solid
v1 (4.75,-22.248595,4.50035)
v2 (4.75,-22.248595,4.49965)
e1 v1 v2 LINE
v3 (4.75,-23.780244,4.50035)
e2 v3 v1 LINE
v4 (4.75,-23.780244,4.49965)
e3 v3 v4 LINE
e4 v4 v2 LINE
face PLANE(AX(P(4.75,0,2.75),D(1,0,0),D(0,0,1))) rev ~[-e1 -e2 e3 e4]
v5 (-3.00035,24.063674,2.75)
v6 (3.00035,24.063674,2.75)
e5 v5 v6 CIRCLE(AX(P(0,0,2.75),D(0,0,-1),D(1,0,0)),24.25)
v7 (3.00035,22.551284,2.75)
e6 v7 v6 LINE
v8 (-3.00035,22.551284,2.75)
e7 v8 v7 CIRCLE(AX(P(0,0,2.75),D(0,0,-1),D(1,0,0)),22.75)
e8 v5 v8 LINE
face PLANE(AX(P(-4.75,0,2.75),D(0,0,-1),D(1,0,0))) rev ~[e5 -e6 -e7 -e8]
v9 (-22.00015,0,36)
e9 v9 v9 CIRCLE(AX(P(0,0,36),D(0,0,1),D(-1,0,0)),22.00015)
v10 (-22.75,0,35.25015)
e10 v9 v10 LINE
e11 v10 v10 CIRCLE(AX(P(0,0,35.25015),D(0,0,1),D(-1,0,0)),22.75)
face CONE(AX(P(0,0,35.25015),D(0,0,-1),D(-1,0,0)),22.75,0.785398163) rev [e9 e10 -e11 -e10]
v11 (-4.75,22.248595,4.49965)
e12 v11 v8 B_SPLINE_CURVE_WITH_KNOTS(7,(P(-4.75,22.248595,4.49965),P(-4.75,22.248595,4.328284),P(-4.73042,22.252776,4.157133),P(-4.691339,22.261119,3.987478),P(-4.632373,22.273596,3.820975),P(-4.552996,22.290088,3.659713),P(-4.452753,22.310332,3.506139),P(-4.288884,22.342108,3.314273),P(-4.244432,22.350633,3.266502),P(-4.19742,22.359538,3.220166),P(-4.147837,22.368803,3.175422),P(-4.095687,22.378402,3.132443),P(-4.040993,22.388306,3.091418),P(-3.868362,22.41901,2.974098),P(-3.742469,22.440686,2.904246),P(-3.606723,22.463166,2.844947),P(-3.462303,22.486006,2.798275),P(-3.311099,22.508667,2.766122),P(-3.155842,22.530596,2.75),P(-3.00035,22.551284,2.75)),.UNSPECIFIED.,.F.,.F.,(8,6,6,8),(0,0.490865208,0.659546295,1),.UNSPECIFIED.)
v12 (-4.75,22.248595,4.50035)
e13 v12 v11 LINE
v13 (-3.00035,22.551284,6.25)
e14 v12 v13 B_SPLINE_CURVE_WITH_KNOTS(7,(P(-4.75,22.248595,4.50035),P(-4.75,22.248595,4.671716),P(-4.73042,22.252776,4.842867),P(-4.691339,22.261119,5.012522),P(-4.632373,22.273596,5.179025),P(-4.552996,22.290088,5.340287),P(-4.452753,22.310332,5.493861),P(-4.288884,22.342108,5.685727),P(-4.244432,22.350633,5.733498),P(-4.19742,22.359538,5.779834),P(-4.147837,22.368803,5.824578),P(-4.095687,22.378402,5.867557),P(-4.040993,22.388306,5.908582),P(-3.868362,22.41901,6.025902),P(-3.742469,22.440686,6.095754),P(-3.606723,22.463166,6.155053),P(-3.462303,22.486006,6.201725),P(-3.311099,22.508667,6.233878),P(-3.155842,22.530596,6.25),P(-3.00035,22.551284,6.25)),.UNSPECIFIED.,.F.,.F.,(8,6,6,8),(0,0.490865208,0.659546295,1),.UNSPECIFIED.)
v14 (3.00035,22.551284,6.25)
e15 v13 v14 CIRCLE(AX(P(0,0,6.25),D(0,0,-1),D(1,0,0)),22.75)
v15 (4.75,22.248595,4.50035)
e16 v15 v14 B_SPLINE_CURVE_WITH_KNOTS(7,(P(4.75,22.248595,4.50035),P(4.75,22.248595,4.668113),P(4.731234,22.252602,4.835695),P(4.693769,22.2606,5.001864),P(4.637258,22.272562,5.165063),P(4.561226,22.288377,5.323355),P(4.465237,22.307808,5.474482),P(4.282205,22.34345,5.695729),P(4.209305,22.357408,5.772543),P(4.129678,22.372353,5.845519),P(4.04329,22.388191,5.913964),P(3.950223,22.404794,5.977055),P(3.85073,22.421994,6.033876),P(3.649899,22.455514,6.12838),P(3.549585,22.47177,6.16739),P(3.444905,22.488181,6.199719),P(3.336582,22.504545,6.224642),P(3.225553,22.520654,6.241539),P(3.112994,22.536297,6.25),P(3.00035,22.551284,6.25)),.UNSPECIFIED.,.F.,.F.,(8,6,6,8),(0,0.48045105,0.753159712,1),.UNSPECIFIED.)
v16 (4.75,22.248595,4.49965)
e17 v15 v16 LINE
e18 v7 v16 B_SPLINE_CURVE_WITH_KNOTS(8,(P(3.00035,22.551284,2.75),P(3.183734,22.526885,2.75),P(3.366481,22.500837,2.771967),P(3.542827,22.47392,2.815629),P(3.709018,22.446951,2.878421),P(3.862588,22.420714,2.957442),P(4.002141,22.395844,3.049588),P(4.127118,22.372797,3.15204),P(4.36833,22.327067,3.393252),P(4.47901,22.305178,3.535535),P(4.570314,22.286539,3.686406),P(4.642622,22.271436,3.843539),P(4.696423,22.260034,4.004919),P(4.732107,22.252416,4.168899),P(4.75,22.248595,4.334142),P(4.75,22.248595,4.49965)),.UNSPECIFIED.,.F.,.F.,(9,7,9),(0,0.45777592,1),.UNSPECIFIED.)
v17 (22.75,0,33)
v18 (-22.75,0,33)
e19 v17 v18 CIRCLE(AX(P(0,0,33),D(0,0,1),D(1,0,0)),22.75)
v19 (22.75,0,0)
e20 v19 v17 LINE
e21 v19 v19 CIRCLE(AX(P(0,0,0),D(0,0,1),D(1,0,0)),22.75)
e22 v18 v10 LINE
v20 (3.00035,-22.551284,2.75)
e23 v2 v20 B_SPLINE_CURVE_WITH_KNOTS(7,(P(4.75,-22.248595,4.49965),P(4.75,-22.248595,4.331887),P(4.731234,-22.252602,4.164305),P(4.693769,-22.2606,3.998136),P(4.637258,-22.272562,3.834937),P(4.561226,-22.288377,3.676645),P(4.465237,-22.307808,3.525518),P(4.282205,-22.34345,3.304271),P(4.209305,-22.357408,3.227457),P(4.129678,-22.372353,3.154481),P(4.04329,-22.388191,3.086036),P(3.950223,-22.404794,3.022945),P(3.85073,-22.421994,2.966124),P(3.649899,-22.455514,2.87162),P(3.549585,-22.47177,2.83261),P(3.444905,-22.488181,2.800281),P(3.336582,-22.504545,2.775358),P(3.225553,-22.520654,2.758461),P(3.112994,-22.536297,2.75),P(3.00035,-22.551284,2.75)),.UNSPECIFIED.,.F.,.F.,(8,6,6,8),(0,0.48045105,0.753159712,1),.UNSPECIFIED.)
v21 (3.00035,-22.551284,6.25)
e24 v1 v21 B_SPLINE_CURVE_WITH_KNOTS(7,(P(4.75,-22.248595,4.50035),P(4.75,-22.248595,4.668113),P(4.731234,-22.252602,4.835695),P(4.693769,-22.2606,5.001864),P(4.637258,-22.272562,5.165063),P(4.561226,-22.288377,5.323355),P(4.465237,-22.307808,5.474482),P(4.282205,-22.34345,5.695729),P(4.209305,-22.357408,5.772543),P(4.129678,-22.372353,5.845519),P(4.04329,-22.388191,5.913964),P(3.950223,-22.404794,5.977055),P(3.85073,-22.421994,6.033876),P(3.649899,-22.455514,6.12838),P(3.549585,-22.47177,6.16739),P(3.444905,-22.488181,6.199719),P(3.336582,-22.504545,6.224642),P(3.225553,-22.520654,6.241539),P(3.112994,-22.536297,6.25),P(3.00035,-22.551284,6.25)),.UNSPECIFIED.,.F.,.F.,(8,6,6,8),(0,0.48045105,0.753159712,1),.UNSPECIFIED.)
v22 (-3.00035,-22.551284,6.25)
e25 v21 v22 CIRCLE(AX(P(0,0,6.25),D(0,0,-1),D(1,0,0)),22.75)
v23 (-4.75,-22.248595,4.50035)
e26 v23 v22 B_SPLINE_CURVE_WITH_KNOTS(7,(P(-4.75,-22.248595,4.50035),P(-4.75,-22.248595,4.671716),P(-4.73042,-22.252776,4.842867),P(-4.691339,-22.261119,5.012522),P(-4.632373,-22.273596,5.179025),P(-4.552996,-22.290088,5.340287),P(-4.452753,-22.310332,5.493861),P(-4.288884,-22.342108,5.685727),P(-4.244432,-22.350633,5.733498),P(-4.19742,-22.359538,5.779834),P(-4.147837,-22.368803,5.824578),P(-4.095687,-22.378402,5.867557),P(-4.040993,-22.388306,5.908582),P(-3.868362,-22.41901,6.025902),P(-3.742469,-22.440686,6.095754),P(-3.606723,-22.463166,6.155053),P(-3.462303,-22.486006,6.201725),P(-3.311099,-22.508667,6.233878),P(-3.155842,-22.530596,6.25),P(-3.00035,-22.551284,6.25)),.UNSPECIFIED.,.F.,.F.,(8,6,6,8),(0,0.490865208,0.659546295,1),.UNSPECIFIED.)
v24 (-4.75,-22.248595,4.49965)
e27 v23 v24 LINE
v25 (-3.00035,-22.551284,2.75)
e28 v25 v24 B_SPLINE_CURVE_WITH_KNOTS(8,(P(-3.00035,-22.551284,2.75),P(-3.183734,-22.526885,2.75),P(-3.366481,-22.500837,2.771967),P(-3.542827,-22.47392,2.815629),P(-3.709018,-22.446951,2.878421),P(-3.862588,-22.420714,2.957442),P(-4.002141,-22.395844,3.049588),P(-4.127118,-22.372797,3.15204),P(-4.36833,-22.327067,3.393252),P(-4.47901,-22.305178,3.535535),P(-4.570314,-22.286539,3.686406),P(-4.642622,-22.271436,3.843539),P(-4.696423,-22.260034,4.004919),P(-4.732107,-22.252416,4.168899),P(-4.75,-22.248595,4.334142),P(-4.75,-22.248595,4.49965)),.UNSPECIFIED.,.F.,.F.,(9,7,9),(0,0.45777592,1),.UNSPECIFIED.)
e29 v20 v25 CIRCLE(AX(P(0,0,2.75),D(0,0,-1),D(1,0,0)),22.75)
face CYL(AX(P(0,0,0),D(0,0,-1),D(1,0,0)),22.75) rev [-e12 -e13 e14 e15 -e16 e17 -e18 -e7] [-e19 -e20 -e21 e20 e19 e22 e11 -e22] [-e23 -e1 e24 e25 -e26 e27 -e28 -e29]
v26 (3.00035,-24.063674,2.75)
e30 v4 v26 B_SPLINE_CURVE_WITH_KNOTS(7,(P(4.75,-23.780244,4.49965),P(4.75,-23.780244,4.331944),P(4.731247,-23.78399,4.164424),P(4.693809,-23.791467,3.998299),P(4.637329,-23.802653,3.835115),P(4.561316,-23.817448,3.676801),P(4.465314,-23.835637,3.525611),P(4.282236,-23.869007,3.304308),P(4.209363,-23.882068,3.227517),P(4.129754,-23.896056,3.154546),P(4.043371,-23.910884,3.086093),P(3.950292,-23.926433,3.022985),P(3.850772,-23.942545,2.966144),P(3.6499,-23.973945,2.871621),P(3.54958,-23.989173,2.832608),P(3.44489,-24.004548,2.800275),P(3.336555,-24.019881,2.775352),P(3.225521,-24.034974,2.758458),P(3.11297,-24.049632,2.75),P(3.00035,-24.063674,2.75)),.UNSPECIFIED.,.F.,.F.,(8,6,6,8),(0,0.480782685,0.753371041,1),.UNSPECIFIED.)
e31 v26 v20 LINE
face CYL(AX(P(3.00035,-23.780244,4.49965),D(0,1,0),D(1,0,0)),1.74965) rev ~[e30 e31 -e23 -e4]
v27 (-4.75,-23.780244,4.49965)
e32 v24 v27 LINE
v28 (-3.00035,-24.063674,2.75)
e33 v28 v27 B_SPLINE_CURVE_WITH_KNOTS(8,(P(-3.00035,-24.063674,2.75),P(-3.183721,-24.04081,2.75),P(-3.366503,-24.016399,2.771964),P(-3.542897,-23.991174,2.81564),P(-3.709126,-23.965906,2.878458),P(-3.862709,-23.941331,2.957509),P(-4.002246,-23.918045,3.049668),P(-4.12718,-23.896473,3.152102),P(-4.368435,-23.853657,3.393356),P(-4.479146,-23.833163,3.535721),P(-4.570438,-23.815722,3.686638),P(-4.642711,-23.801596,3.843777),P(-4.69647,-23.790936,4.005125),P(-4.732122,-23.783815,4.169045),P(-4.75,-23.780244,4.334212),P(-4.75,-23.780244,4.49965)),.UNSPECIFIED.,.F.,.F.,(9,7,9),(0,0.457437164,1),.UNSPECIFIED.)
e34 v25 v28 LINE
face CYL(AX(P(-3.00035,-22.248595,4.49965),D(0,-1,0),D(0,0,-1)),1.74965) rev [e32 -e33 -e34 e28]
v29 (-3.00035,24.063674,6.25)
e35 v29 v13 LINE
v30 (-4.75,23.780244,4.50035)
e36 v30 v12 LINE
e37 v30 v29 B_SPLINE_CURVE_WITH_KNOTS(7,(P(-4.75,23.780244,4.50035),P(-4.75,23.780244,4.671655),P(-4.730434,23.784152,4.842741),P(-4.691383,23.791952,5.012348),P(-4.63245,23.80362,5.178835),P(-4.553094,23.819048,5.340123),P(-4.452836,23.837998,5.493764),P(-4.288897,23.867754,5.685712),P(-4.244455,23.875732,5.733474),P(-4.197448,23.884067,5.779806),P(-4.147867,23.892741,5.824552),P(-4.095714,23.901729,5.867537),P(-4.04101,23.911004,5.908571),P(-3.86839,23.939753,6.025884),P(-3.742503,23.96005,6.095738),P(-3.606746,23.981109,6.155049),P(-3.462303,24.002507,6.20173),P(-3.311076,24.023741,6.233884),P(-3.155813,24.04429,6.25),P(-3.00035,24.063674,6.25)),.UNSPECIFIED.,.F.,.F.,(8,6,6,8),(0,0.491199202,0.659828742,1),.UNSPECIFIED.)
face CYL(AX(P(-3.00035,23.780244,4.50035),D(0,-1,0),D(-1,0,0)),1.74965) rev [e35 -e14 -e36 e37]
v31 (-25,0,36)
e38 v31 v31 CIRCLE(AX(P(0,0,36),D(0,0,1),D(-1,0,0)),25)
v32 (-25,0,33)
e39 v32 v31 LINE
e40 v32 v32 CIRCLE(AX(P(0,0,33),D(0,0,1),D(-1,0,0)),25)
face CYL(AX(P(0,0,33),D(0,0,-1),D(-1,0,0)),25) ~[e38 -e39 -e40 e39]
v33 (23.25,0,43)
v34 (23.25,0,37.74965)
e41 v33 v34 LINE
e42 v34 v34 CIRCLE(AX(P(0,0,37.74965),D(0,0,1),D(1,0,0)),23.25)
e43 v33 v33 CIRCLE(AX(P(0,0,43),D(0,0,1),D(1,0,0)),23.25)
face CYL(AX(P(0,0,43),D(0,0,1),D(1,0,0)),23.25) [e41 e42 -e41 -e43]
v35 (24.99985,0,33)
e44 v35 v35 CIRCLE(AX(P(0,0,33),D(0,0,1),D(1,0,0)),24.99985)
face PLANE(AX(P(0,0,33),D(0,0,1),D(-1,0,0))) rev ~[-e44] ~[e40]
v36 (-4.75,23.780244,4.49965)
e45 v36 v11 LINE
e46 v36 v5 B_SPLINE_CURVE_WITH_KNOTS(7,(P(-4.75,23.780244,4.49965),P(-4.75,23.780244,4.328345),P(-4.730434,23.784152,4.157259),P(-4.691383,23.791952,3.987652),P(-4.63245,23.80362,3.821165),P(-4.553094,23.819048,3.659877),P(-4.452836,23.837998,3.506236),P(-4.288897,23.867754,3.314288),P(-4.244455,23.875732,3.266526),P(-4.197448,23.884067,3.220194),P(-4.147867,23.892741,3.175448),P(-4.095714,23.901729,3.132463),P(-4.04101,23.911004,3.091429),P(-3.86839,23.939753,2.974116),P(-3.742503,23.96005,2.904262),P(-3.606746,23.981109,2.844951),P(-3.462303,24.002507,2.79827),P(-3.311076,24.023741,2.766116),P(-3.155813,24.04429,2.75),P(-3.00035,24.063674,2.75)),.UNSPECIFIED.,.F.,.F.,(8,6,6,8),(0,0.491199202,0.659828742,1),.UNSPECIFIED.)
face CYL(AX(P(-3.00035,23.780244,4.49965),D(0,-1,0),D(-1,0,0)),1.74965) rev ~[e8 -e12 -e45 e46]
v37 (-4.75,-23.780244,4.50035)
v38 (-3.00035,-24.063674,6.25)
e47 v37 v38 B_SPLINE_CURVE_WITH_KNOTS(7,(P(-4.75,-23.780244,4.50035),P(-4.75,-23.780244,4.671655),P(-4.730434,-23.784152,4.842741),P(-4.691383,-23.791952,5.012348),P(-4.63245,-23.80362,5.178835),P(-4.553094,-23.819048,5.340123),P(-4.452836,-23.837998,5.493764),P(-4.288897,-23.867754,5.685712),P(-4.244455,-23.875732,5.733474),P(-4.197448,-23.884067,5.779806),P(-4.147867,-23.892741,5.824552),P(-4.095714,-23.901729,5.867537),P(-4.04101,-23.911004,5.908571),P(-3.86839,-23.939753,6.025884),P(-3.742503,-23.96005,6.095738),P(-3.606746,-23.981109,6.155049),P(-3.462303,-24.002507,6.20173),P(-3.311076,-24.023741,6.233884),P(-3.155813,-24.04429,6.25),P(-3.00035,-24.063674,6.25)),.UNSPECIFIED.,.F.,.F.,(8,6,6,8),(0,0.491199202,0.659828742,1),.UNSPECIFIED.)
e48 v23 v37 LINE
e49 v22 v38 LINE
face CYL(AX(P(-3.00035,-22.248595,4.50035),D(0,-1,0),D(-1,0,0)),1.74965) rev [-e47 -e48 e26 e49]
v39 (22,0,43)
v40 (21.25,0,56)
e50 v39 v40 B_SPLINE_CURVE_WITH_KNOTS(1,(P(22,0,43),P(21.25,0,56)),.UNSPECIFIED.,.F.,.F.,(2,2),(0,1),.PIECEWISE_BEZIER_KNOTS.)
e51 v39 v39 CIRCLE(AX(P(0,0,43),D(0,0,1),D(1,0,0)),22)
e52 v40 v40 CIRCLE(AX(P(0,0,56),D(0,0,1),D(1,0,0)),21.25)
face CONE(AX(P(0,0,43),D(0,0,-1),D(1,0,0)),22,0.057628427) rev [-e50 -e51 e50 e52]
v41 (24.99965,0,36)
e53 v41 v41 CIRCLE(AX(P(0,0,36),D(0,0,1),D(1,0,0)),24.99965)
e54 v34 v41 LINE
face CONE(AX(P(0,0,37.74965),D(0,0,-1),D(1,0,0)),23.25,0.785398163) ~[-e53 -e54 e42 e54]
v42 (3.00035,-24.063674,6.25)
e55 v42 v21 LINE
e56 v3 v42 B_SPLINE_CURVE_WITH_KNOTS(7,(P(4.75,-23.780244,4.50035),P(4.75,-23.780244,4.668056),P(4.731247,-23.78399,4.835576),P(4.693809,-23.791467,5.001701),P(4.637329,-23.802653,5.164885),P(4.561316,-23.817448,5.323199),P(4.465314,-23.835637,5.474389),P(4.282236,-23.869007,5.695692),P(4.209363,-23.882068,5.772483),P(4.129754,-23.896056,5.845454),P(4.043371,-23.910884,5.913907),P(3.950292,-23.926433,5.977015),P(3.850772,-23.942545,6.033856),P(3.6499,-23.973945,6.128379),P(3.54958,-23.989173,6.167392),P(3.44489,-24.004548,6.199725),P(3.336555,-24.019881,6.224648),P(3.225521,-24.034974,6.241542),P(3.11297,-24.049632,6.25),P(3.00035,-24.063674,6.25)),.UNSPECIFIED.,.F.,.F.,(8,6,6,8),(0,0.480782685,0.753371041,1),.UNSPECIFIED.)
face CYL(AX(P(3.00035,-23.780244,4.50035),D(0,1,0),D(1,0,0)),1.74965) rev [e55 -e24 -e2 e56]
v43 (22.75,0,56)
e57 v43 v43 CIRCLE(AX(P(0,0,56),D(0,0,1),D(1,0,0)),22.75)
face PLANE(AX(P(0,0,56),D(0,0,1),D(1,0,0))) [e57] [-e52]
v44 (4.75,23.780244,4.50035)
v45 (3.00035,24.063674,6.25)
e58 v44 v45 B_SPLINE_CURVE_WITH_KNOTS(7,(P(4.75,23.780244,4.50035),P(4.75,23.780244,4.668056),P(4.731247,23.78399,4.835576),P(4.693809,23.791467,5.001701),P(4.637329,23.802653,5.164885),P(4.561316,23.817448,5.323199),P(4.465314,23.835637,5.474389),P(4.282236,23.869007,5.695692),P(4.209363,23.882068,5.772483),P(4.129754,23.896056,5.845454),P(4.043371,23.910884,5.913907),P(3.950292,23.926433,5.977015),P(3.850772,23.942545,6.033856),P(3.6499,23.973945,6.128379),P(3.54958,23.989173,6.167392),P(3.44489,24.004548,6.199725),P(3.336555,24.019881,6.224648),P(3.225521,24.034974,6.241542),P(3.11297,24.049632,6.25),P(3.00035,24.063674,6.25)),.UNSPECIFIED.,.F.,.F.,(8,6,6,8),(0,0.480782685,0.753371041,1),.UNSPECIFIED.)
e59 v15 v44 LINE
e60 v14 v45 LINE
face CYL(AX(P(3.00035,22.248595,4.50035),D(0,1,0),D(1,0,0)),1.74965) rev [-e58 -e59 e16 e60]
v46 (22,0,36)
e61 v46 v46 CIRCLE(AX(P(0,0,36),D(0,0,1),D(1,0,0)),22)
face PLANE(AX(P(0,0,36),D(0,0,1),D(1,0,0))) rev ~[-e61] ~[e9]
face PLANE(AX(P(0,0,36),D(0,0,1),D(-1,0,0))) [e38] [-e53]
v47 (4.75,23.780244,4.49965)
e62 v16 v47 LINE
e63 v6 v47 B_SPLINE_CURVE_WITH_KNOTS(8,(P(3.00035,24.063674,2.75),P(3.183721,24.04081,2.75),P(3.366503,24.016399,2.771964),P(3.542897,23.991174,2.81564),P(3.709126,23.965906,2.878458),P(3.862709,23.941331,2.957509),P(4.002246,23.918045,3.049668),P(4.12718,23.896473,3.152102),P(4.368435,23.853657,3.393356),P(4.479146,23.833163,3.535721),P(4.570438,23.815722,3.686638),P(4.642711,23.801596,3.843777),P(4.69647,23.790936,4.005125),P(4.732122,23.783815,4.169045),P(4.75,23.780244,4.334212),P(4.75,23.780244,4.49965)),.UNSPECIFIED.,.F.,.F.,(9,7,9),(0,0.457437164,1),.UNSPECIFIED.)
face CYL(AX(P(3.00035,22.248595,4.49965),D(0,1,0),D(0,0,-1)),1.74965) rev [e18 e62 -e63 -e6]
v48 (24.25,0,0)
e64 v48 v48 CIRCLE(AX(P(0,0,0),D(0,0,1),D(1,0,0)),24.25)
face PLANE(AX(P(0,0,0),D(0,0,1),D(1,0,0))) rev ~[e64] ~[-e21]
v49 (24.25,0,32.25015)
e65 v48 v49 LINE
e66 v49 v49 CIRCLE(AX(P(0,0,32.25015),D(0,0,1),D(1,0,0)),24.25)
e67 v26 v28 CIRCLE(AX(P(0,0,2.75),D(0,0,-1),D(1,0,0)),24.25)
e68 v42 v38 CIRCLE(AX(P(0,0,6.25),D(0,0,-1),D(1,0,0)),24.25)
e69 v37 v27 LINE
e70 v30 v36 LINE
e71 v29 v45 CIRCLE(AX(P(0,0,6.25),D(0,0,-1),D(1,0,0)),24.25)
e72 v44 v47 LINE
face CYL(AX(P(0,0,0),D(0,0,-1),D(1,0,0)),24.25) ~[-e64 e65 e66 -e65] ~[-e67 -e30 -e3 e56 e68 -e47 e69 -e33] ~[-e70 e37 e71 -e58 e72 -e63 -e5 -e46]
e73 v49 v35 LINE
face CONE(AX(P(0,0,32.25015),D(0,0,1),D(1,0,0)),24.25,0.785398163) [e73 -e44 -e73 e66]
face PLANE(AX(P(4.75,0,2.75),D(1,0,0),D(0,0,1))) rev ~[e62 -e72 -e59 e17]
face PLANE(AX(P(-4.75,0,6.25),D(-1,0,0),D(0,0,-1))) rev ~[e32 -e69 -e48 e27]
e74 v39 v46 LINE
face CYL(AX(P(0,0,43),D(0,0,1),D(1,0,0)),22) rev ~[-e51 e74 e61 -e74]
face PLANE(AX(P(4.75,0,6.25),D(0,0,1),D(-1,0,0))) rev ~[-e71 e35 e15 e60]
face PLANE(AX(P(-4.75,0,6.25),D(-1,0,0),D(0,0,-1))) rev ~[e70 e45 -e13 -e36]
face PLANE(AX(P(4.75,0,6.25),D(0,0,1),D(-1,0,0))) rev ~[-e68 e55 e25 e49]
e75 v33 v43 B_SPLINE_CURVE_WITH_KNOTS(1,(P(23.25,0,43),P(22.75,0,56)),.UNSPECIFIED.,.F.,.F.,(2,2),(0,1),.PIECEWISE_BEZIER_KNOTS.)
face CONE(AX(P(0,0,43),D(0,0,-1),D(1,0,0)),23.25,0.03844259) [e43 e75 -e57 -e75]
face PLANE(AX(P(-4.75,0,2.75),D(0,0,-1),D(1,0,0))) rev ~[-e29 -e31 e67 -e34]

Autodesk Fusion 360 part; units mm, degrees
sketch "Sketch1" plane through (0, 0, 0) normal (0, 0, 1) x (1, 0, 0)
  circle A0 centre (0, 0) radius 22.75
  circle A1 centre (0, 0) radius 24.25
  dimension "d1" = 45.5
  dimension "d2" = 48.5
extrude "Extrude1" add sketch "Sketch1" along normal blind 33
sketch "Sketch2" plane through (0, 0, 0) normal (0, 1, 0) x (1, 0, 0)
  line L0 (-24.25, 0) -> (24.25, 0)
  line L1 (4.75, -6.25) -> (-4.75, -6.25)
  line L2 (-4.75, -6.25) -> (-4.75, -2.75)
  line L3 (-4.75, -2.75) -> (4.75, -2.75)
  line L4 (4.75, -2.75) -> (4.75, -6.25)
  line L5 (4.75, -6.25) -> (-4.75, -2.75) construction
  line L6 (-4.75, -6.25) -> (4.75, -2.75) construction
  point P0 (0, -4.5)
  dimension "d9" = 9.5
  dimension "d10" = 3.5
  dimension "d11" = 2.75
extrude "Extrude2" cut sketch "Sketch2" along normal mid plane 66
sketch "Sketch3" plane through (0, 0, 33) normal (0, 0, 1) x (-1, 0, 0)
  circle A0 centre (0, 0) radius 22.75
  circle A1 centre (0, 0) radius 24.25
  circle A2 centre (0, 0) radius 25
  circle A3 centre (0, 0) radius 22.75
extrude "Extrude3" add sketch "Sketch3" along normal blind 3 contours A1 | A2
sketch "Sketch4" plane through (0, 0, 36) normal (0, 0, 1) x (-1, 0, 0)
  circle A0 centre (0, 0) radius 22.75
  circle A1 centre (0, 0) radius 25
  circle A2 centre (0, 0) radius 23.25
  circle A3 centre (0, 0) radius 22
  dimension "d18" = 46.5
  dimension "d19" = 44
ref_plane "WorkPlane2" through (0, 0, 43) normal (0, 0, 1) x (-1, 0, 0)
sketch "Sketch6" plane through (0, 0, 43) normal (0, 0, 1) x (1, 0, 0)
  circle A0 centre (0, 0) radius 22
  circle A1 centre (0, 0) radius 23.25
  dimension "d26" = 44
  dimension "d27" = 46.5
extrude "Extrude4" add sketch "Sketch6" against normal blind 7
ref_plane "WorkPlane1" through (0, 0, 56) normal (0, 0, 1) x (-1, 0, 0)
sketch "Sketch5" plane through (0, 0, 56) normal (0, 0, 1) x (1, 0, 0)
  circle A0 centre (0, 0) radius 22.75
  circle A1 centre (0, 0) radius 21.25
  dimension "d21" = 45.5
  dimension "d22" = 42.5
loft "Loft1" add profiles "Sketch6", "Sketch5" section 1 section 2
loft "Loft2" cut profiles "Sketch5", "Sketch6" section 1 contours A1 section 2 contours A0
chamfer "Chamfer1" distance 1.75 angle 45 1 edges at (-21.6766, 8.4076, 36)
chamfer "Chamfer3" distance 0.75 angle 45 1 edges at (21.2104, -8.2268, 36)
chamfer "Chamfer4" distance 0.75 angle 45 1 edges at (-22.6089, -8.7692, 33)
fillet "Fillet1" radius 1.75 8 edges at (-4.75, -23.0144, 6.25) (-4.75, -23.0144, 2.75) (4.75, -23.0144, 6.25) (4.75, -23.0144, 2.75) (4.75, 23.0144, 2.75) (4.75, 23.0144, 6.25) (-4.75, 23.0144, 6.25) (-4.75, 23.0144, 2.75)
